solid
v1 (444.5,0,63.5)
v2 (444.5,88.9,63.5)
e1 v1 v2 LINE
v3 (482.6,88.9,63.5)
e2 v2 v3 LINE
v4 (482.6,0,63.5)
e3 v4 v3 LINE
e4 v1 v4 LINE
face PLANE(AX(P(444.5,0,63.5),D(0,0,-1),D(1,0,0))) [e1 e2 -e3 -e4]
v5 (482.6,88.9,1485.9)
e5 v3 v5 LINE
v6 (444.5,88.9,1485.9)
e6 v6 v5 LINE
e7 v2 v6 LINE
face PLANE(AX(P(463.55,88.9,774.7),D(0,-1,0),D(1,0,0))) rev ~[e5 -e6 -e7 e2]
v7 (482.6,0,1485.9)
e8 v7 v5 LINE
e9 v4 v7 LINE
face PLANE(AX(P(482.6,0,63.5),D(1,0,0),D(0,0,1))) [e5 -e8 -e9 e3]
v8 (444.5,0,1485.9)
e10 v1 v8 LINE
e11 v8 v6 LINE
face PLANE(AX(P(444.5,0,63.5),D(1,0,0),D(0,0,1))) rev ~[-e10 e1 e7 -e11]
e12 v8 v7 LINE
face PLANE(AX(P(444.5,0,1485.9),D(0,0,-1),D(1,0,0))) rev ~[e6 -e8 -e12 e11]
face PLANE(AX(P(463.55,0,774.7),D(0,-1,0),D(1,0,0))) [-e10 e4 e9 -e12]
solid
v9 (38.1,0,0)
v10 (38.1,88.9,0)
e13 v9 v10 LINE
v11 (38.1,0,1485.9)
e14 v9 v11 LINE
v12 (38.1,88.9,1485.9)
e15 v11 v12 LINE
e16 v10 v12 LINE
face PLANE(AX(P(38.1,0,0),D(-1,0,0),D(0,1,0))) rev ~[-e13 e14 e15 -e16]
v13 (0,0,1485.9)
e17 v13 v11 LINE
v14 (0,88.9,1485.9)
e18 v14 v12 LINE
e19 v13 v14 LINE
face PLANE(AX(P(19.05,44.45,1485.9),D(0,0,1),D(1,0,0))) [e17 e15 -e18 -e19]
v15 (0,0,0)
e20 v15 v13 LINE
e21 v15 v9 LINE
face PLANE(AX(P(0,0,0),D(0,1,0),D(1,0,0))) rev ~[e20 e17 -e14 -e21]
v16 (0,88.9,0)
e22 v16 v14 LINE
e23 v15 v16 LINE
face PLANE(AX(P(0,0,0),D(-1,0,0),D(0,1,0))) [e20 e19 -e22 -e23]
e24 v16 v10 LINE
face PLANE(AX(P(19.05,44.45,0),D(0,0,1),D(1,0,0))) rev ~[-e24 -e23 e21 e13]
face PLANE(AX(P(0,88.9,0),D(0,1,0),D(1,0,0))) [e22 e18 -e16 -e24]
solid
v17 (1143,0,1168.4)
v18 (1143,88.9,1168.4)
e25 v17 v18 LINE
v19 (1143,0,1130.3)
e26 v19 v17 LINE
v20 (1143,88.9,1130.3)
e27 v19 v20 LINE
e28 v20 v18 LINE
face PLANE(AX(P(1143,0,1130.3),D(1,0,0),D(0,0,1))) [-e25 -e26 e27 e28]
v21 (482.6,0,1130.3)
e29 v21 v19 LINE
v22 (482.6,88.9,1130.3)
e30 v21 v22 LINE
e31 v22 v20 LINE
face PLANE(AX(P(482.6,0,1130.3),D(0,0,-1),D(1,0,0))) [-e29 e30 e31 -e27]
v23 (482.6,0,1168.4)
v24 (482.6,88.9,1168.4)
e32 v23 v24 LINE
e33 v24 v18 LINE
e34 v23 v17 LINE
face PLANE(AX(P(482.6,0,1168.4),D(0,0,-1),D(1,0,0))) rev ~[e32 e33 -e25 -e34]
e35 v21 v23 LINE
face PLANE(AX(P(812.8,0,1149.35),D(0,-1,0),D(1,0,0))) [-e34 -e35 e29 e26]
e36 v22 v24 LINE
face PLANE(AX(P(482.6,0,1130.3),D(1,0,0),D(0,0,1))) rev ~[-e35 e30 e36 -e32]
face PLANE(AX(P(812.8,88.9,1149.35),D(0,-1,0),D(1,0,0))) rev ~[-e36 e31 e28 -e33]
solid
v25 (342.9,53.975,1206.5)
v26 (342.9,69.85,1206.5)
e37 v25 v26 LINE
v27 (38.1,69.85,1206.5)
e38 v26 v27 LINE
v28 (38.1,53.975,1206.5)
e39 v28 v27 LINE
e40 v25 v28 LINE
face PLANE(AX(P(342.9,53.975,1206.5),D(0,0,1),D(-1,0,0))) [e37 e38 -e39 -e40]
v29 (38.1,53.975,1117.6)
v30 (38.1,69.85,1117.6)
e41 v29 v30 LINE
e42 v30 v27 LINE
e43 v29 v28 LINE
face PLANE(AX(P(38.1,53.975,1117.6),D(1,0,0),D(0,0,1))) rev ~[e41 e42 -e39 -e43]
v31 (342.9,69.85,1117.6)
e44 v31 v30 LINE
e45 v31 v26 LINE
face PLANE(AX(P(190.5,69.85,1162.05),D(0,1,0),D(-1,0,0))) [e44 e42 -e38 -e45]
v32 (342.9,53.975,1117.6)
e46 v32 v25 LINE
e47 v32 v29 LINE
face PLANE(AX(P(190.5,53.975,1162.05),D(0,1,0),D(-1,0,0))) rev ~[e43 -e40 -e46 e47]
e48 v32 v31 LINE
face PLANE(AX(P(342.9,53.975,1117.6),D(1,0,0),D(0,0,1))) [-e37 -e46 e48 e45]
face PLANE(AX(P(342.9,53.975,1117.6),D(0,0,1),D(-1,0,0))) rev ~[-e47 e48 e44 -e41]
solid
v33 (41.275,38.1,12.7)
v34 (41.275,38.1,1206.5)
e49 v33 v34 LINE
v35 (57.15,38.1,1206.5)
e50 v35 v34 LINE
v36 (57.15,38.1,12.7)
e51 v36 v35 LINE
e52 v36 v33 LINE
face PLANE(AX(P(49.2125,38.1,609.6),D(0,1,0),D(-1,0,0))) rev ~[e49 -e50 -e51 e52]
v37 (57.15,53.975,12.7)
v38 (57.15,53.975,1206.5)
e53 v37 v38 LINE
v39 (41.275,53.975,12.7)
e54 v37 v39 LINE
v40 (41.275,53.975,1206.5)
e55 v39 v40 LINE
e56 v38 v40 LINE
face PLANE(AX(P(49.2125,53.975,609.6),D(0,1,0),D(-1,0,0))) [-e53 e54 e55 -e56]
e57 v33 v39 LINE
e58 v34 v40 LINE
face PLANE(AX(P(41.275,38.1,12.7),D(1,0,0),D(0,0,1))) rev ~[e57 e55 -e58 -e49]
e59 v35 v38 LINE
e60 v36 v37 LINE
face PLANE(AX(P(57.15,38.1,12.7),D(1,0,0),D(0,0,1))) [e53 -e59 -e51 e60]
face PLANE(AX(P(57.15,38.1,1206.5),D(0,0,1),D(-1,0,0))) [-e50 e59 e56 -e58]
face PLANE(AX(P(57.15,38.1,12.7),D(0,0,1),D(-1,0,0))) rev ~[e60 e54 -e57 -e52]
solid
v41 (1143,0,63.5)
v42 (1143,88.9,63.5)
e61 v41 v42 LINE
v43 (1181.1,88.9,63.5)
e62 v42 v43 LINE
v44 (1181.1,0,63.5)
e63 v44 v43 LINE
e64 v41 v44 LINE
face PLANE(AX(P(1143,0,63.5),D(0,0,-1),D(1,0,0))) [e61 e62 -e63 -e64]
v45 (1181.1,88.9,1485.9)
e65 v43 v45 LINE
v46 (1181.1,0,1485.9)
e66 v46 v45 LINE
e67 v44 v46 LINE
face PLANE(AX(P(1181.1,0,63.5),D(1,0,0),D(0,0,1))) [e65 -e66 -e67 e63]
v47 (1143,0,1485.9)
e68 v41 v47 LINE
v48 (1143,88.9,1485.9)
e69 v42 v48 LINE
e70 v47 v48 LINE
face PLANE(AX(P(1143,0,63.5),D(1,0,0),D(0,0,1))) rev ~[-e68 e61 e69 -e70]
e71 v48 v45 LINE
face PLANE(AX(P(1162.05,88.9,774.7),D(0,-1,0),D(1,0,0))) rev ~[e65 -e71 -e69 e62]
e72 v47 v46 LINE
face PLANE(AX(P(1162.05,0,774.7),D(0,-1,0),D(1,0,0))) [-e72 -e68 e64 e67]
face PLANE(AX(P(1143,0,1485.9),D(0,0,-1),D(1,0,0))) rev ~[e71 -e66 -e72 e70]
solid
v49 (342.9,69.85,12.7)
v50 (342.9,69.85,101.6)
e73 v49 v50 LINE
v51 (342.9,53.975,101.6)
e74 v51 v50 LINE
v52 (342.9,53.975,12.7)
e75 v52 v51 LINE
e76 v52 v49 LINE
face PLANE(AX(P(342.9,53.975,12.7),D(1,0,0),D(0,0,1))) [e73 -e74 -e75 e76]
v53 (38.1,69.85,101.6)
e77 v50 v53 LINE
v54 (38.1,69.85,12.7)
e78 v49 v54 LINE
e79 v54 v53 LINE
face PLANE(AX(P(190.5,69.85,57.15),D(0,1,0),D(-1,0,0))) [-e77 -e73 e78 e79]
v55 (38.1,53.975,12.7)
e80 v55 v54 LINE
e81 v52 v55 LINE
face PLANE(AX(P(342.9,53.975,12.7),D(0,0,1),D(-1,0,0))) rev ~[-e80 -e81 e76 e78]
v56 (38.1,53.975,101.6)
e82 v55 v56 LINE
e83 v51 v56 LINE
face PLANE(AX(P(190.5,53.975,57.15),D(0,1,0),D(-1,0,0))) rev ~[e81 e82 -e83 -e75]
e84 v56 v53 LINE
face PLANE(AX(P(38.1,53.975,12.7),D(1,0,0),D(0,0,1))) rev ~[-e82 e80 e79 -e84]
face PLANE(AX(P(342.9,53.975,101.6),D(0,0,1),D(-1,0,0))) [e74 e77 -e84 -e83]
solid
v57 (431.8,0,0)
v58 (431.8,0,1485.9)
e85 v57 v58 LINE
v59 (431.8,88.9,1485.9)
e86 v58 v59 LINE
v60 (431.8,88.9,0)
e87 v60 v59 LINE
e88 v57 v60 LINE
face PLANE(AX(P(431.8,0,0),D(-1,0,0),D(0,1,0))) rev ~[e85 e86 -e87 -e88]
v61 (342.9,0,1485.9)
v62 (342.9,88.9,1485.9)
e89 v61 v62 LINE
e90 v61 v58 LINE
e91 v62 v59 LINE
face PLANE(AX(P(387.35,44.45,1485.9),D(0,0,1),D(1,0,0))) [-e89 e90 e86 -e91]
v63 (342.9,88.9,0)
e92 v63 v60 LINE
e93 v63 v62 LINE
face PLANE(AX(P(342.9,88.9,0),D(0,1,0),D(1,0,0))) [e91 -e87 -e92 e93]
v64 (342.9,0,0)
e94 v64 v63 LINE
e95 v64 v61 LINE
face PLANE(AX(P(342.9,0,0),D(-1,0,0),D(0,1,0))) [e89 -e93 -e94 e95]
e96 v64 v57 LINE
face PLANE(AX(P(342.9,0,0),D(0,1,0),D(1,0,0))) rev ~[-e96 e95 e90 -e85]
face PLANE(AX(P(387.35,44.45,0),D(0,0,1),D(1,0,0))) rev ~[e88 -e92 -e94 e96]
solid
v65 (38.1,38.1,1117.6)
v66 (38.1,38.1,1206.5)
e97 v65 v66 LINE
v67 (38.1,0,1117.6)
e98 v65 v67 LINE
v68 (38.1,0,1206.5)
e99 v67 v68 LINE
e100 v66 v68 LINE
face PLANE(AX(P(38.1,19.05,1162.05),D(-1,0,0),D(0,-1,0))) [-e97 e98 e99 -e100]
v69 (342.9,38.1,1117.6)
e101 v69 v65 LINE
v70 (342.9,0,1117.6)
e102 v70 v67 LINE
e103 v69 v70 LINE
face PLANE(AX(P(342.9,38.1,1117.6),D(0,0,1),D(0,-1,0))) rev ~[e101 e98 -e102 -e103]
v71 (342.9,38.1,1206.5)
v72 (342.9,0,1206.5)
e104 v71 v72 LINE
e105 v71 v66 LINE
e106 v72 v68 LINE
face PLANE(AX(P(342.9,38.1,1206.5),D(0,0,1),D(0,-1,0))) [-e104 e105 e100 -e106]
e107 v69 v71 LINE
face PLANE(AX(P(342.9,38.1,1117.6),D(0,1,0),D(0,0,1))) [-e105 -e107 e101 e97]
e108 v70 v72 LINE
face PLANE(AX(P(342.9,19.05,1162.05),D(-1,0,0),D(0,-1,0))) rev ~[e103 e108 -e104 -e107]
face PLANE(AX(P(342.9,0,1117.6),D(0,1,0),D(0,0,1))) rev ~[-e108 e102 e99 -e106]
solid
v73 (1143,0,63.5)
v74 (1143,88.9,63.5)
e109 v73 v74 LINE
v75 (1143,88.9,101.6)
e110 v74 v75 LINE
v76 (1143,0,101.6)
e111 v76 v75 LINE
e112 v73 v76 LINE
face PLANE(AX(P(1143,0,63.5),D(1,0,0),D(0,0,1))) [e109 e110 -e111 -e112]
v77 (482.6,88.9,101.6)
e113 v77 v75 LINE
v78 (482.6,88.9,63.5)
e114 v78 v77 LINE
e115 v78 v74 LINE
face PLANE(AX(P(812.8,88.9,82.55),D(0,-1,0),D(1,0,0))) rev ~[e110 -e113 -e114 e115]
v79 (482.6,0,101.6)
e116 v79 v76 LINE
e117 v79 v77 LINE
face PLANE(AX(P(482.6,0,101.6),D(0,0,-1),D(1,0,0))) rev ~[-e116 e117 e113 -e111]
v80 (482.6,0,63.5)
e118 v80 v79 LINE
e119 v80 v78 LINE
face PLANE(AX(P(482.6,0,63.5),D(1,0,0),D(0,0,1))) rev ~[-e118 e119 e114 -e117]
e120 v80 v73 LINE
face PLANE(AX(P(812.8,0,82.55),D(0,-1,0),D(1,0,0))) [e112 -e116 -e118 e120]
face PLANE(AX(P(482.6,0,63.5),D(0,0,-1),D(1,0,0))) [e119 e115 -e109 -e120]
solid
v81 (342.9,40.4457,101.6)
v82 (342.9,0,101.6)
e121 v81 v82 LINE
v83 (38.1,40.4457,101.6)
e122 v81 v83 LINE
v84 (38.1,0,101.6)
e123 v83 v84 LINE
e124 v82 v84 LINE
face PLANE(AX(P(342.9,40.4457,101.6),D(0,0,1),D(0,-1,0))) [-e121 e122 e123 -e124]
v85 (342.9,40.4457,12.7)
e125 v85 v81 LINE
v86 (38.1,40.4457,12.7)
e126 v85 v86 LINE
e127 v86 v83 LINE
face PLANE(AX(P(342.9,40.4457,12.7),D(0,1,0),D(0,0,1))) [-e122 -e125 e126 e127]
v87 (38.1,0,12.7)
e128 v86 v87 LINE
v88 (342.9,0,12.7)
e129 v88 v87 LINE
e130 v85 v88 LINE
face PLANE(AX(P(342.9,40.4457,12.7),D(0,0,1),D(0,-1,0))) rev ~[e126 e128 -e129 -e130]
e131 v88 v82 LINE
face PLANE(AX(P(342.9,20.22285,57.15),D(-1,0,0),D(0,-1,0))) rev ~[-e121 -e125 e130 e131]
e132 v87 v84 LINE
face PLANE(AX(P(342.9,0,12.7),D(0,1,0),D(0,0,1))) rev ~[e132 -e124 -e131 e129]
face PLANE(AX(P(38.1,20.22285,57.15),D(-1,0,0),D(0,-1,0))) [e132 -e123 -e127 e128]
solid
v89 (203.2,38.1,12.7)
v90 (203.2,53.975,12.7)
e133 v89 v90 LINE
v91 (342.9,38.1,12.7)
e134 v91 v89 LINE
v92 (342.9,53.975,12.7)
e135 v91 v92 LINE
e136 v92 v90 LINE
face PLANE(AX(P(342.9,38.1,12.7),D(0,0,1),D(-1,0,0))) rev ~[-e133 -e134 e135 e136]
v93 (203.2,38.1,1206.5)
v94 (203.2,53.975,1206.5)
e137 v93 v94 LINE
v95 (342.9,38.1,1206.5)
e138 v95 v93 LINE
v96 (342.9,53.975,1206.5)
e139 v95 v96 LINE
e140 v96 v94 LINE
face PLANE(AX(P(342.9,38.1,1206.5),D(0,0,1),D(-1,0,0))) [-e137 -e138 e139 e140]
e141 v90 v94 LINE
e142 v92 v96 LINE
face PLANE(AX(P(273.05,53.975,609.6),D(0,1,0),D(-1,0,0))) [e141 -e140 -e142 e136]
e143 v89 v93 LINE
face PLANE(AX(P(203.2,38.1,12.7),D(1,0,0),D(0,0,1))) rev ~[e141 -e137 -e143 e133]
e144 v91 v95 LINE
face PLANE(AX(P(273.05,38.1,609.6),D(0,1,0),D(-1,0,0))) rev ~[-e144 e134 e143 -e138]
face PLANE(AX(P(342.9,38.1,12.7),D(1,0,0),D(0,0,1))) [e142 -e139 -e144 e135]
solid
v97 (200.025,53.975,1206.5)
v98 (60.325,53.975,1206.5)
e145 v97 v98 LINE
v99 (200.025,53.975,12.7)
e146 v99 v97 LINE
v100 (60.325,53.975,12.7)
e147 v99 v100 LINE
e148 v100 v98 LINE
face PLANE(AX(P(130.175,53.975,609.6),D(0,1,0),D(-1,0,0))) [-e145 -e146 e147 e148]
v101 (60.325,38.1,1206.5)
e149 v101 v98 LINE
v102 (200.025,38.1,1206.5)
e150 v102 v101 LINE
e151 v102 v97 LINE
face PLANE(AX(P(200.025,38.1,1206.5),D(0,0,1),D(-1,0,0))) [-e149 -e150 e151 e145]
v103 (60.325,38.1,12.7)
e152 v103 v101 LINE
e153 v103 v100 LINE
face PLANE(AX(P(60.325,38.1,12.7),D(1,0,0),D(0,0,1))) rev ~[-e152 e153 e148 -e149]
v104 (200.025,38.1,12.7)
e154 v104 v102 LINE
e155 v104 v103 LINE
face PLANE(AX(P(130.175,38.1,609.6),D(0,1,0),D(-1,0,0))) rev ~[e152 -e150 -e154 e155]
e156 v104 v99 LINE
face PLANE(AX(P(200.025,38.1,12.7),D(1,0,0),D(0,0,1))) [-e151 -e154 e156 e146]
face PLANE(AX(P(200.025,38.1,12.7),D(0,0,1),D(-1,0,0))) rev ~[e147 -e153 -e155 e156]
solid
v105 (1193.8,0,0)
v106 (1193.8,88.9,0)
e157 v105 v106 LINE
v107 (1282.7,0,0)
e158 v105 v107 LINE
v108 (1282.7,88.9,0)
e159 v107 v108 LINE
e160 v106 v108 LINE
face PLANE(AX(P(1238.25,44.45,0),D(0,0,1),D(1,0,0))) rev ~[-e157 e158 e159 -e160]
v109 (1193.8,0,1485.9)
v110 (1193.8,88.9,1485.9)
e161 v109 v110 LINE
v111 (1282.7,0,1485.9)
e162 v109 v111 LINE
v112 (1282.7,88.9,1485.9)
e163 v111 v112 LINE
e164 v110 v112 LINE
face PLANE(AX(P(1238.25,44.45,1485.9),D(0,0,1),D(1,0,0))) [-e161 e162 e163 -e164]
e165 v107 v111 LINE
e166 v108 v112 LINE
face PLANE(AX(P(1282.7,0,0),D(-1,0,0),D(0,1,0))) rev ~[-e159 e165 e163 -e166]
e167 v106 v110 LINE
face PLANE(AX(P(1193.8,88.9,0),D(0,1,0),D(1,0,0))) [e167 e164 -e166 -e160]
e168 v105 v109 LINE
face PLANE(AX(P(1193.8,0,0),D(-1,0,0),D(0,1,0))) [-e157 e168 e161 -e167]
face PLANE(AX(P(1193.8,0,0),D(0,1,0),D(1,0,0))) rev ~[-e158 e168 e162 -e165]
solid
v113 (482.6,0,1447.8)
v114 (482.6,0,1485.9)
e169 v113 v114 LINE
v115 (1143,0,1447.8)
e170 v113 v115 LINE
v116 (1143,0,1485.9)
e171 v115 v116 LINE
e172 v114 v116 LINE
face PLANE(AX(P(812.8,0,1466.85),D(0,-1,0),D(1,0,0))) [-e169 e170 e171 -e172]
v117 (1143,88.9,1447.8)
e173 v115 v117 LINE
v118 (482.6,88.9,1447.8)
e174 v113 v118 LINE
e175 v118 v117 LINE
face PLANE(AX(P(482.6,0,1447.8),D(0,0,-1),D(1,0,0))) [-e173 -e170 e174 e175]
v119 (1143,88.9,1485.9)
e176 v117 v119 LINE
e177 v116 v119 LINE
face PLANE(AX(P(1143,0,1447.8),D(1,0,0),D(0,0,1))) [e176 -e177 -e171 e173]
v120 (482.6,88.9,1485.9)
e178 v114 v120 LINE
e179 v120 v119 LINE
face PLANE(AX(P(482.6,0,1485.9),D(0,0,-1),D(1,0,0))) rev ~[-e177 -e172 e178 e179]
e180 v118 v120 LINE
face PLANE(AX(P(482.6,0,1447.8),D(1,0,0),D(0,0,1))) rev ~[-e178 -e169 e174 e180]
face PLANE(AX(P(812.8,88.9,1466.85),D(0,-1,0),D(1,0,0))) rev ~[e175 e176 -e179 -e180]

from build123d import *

# Parameters (mm, degrees)
F0_W      = 88.9
F0_H      = 88.9
F1_DEPTH  = 1485.9
F0_W_2    = 38.1
F2_W      = 38.1
F2_H      = 88.9
F3_DEPTH  = 304.8
F2_W_2    = 40.4457002878
F4_W      = 139.7
F4_H      = 1193.8
F5_DEPTH  = 15.875
F4_W_2    = 15.875
F6_W      = 304.8
F6_H      = 88.9
F7_DEPTH  = 15.875
F8_W      = 38.1
F8_H      = 1422.4
F9_DEPTH  = 88.9
F10_W     = 660.4
F10_H     = 38.1
F11_DEPTH = 88.9
F12_W     = 38.1
F12_H     = 38.1
F12_W_2   = 88.9
F13_DEPTH = 88.9


with BuildPart() as f1:
    # F0 (on Top) → F1 (new body)
    with BuildSketch(Plane.XY):
        with Locations((1238.25, 44.45)):
            Rectangle(F0_W, F0_H)
    extrude(amount=F1_DEPTH)

    # F12 (on face) → F13 (cut)
    with BuildSketch(Plane.XZ):
        with Locations((19.05, 1466.85)):
            Rectangle(F12_W, F12_H)
        with Locations((387.35, 1466.85)):
            Rectangle(F12_W_2, F12_H)
    extrude(amount=F13_DEPTH, mode=Mode.SUBTRACT)


with BuildPart() as f1b:
    # F0 (on Top) → F1, piece 2 (new body)
    with BuildSketch(Plane.XY):
        with Locations((387.35, 44.45)):
            Rectangle(F0_W, F0_H)
    extrude(amount=F1_DEPTH)


with BuildPart() as f1c:
    # F0 (on Top) → F1, piece 3 (new body)
    with BuildSketch(Plane.XY):
        with Locations((19.05, 44.45)):
            Rectangle(F0_W_2, F0_H)
    extrude(amount=F1_DEPTH)


with BuildPart() as f3:
    # F2 (on face) → F3 (new body, through all)
    with BuildSketch(Plane(origin=(342.9, 0, 0), x_dir=(0, -1, 0), z_dir=(-1, 0, 0))):
        with Locations((-19.05, 1162.05)):
            Rectangle(F2_W, F2_H)
    extrude(amount=F3_DEPTH)


with BuildPart() as f3b:
    # F2 (on face) → F3, piece 2 (new body, through all)
    with BuildSketch(Plane(origin=(342.9, 0, 0), x_dir=(0, -1, 0), z_dir=(-1, 0, 0))):
        with Locations((-20.2228501439, 57.15)):
            Rectangle(F2_W_2, F2_H)
    extrude(amount=F3_DEPTH)


with BuildPart() as f5:
    # F4 (on face) → F5 (new body)
    with BuildSketch(Plane(origin=(0, 38.1, 0), x_dir=(-1, 0, 0), z_dir=(0, 1, 0))):
        with Locations((-273.05, 609.6)):
            Rectangle(F4_W, F4_H)
    extrude(amount=F5_DEPTH)


with BuildPart() as f5b:
    # F4 (on face) → F5, piece 2 (new body)
    with BuildSketch(Plane(origin=(0, 38.1, 0), x_dir=(-1, 0, 0), z_dir=(0, 1, 0))):
        with Locations((-130.175, 609.6)):
            Rectangle(F4_W, F4_H)
    extrude(amount=F5_DEPTH)


with BuildPart() as f5c:
    # F4 (on face) → F5, piece 3 (new body)
    with BuildSketch(Plane(origin=(0, 38.1, 0), x_dir=(-1, 0, 0), z_dir=(0, 1, 0))):
        with Locations((-49.2125, 609.6)):
            Rectangle(F4_W_2, F4_H)
    extrude(amount=F5_DEPTH)


with BuildPart() as f7:
    # F6 (on face) → F7 (new body)
    with BuildSketch(Plane(origin=(0, 53.975, 0), x_dir=(-1, 0, 0), z_dir=(0, 1, 0))):
        with Locations((-190.5, 1162.05)):
            Rectangle(F6_W, F6_H)
    extrude(amount=F7_DEPTH)


with BuildPart() as f7b:
    # F6 (on face) → F7, piece 2 (new body)
    with BuildSketch(Plane(origin=(0, 53.975, 0), x_dir=(-1, 0, 0), z_dir=(0, 1, 0))):
        with Locations((-190.5, 57.15)):
            Rectangle(F6_W, F6_H)
    extrude(amount=F7_DEPTH)


with BuildPart() as f9:
    # F8 (on face) → F9 (new body)
    with BuildSketch(Plane.XZ):
        with Locations((1162.05, 774.7)):
            Rectangle(F8_W, F8_H)
    extrude(amount=-F9_DEPTH)


with BuildPart() as f9b:
    # F8 (on face) → F9, piece 2 (new body)
    with BuildSketch(Plane.XZ):
        with Locations((463.55, 774.7)):
            Rectangle(F8_W, F8_H)
    extrude(amount=-F9_DEPTH)


with BuildPart() as f11:
    # F10 (on face) → F11 (new body)
    with BuildSketch(Plane.XZ):
        with Locations((812.8, 1466.85)):
            Rectangle(F10_W, F10_H)
    extrude(amount=-F11_DEPTH)


with BuildPart() as f11b:
    # F10 (on face) → F11, piece 2 (new body)
    with BuildSketch(Plane.XZ):
        with Locations((812.8, 1149.35)):
            Rectangle(F10_W, F10_H)
    extrude(amount=-F11_DEPTH)


with BuildPart() as f11c:
    # F10 (on face) → F11, piece 3 (new body)
    with BuildSketch(Plane.XZ):
        with Locations((812.8, 82.55)):
            Rectangle(F10_W, F10_H)
    extrude(amount=-F11_DEPTH)


solid = Compound([f1.part, f1b.part, f1c.part, f3.part, f3b.part, f5.part, f5b.part, f5c.part, f7.part, f7b.part, f9.part, f9b.part, f11.part, f11b.part, f11c.part])
